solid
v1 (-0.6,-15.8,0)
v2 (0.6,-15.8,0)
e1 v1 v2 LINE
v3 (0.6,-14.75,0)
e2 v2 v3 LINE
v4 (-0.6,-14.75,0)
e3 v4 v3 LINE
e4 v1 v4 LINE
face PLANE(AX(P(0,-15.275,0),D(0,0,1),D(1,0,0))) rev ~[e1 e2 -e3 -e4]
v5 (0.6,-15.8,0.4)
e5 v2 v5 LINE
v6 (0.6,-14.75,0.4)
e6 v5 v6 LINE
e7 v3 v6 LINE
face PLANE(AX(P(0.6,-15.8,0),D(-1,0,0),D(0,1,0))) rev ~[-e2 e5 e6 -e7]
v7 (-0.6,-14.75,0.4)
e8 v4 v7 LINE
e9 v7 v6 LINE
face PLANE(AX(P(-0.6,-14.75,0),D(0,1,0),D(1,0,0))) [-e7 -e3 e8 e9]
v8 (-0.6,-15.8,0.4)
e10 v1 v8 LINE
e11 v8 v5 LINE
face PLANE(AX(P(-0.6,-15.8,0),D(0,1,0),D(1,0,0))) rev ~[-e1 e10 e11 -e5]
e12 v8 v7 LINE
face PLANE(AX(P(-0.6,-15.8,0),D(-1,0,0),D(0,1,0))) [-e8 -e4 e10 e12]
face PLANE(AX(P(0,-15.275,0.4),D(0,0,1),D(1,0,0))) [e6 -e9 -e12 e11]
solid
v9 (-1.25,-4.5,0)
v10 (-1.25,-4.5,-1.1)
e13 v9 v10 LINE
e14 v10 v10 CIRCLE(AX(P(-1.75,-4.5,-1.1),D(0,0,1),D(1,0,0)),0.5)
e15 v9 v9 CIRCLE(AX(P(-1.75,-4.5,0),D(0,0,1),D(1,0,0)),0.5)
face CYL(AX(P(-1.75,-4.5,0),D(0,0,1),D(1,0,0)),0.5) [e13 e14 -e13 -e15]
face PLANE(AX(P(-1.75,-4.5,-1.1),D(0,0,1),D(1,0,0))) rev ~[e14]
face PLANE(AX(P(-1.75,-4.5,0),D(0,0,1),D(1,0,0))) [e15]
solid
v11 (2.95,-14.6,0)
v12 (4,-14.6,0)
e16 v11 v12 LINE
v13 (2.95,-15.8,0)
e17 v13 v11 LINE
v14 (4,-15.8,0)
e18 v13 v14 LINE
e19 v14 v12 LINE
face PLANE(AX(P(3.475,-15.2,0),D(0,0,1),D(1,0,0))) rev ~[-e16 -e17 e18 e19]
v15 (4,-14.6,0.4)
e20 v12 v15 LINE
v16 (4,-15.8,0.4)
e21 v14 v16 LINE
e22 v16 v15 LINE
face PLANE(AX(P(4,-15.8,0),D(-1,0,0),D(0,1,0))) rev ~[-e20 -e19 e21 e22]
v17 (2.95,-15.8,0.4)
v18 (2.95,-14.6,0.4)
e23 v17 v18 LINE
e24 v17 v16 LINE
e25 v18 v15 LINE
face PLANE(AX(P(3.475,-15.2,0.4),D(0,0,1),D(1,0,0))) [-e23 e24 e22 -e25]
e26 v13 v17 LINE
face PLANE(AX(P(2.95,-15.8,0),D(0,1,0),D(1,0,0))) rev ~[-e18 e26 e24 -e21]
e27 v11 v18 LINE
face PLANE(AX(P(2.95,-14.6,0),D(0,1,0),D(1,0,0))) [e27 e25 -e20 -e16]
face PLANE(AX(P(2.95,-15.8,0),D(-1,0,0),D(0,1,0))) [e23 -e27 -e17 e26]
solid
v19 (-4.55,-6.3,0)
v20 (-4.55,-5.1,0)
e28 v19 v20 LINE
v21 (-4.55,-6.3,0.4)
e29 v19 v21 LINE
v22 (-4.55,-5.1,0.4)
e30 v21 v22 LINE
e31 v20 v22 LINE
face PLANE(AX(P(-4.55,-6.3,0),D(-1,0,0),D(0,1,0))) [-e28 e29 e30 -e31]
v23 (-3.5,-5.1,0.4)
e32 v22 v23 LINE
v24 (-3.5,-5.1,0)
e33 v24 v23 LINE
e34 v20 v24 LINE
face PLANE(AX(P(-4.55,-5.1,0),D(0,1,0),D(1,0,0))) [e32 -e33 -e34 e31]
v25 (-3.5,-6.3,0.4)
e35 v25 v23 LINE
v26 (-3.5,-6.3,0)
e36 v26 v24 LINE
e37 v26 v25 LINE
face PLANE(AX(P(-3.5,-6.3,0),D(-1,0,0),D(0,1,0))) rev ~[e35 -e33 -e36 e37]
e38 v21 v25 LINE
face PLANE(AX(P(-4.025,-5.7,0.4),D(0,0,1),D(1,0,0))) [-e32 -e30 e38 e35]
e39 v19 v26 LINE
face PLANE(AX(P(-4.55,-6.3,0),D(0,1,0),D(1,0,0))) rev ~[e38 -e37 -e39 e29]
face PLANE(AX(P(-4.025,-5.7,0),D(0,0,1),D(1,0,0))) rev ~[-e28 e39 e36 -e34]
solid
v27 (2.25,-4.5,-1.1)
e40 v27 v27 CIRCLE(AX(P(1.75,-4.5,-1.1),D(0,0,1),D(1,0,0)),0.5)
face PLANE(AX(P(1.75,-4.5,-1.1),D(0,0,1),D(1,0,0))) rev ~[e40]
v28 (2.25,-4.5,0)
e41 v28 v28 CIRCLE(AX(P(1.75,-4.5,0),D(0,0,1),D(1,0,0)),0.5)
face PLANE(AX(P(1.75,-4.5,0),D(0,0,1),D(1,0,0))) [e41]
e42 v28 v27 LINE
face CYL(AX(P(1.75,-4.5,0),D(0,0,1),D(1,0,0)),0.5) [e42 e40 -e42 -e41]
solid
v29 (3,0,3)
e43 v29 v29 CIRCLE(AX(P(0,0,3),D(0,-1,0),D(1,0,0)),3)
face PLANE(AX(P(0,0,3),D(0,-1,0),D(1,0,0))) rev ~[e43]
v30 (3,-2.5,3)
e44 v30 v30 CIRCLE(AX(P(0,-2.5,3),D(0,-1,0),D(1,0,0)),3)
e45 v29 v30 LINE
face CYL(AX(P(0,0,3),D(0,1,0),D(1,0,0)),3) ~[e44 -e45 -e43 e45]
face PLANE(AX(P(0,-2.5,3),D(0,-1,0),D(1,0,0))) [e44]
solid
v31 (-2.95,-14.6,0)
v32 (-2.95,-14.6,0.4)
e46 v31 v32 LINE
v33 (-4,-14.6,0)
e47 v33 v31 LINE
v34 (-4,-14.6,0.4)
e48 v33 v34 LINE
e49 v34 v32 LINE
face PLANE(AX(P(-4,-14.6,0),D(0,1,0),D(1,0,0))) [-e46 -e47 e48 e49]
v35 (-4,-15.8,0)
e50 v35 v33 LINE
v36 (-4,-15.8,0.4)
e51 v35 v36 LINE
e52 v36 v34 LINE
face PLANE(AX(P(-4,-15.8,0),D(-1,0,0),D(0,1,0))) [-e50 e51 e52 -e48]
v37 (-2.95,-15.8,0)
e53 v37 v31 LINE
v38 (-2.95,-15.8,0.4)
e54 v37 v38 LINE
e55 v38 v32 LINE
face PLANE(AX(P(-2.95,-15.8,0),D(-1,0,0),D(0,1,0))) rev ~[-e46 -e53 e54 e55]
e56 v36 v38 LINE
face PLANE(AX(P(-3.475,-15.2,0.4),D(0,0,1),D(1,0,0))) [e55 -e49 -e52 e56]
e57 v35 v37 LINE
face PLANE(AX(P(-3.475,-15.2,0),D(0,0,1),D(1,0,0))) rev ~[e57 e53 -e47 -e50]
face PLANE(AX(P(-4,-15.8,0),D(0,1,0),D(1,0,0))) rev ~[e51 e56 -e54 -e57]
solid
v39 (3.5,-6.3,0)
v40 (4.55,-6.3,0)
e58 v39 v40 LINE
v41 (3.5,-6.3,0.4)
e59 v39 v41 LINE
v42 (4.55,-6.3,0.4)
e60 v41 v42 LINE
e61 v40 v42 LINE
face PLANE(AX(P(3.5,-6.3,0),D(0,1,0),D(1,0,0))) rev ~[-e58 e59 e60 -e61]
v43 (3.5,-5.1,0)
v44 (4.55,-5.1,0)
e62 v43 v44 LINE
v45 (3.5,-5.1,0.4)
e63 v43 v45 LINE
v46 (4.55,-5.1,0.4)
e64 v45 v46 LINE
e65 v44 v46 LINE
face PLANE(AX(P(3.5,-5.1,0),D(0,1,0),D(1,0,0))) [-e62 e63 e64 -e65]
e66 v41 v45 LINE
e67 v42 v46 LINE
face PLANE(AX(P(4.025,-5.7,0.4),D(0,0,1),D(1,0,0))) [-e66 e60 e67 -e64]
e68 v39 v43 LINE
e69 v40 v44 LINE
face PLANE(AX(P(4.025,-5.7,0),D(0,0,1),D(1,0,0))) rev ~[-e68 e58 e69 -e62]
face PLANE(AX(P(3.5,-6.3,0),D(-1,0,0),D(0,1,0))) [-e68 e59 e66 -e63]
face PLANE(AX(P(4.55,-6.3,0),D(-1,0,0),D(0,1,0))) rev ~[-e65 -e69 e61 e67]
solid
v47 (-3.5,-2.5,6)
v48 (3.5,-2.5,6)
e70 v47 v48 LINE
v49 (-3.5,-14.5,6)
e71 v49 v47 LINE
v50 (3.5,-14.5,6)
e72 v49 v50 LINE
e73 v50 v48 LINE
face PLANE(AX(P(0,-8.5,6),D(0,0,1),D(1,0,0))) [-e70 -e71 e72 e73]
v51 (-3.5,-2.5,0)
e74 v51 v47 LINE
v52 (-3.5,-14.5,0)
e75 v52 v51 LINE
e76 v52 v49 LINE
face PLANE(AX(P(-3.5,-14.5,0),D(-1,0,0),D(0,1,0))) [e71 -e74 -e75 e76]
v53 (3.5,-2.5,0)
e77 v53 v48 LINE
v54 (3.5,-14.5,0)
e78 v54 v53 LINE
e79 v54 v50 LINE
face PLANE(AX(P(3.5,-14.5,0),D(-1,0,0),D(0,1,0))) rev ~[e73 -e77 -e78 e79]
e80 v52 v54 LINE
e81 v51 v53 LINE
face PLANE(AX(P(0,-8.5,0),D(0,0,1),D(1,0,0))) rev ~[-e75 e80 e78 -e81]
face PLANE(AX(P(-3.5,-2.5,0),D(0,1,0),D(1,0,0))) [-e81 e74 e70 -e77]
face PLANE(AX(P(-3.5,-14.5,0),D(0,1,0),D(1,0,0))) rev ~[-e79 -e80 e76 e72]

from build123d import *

# Parameters (mm, degrees)
SKETCH_W      = 7
SKETCH_H      = 12
PAD_DEPTH     = 6
SKETCH001_R   = 3
PAD001_DEPTH  = 2.5
SKETCH002_W   = 1.05
SKETCH002_H   = 1.2
SKETCH002_W_2 = 1.2
SKETCH002_H_2 = 1.05
PAD002_DEPTH  = 0.4
SKETCH003_R   = 0.5
PAD003_DEPTH  = 1.1


with BuildPart() as pad:
    # Sketch → Pad (new body)
    with BuildSketch(Plane.XY):
        with Locations((0, -8.5)):
            Rectangle(SKETCH_W, SKETCH_H)
    extrude(amount=PAD_DEPTH)


with BuildPart() as pad001:
    # Sketch001 → Pad001 (new body)
    with BuildSketch(Plane.XZ):
        with Locations((0, 3)):
            Circle(SKETCH001_R)
    extrude(amount=PAD001_DEPTH)


with BuildPart() as pad002:
    # Sketch002 → Pad002 (new body)
    with BuildSketch(Plane.XY):
        with Locations((-4.025, -5.7)):
            Rectangle(SKETCH002_W, SKETCH002_H)
        with Locations((-3.475, -15.2)):
            Rectangle(SKETCH002_W, SKETCH002_H)
        with Locations((0, -15.275)):
            Rectangle(SKETCH002_W_2, SKETCH002_H_2)
        with Locations((3.475, -15.2)):
            Rectangle(SKETCH002_W, SKETCH002_H)
        with Locations((4.025, -5.7)):
            Rectangle(SKETCH002_W, SKETCH002_H)
    extrude(amount=PAD002_DEPTH)


with BuildPart() as pad003:
    # Sketch003 → Pad003 (new body)
    with BuildSketch(Plane.XY):
        with Locations((-1.75, -4.5)):
            Circle(SKETCH003_R)
        with Locations((1.75, -4.5)):
            Circle(SKETCH003_R)
    extrude(amount=-PAD003_DEPTH)


solid = Compound([pad.part, pad001.part, pad002.part, pad003.part])
